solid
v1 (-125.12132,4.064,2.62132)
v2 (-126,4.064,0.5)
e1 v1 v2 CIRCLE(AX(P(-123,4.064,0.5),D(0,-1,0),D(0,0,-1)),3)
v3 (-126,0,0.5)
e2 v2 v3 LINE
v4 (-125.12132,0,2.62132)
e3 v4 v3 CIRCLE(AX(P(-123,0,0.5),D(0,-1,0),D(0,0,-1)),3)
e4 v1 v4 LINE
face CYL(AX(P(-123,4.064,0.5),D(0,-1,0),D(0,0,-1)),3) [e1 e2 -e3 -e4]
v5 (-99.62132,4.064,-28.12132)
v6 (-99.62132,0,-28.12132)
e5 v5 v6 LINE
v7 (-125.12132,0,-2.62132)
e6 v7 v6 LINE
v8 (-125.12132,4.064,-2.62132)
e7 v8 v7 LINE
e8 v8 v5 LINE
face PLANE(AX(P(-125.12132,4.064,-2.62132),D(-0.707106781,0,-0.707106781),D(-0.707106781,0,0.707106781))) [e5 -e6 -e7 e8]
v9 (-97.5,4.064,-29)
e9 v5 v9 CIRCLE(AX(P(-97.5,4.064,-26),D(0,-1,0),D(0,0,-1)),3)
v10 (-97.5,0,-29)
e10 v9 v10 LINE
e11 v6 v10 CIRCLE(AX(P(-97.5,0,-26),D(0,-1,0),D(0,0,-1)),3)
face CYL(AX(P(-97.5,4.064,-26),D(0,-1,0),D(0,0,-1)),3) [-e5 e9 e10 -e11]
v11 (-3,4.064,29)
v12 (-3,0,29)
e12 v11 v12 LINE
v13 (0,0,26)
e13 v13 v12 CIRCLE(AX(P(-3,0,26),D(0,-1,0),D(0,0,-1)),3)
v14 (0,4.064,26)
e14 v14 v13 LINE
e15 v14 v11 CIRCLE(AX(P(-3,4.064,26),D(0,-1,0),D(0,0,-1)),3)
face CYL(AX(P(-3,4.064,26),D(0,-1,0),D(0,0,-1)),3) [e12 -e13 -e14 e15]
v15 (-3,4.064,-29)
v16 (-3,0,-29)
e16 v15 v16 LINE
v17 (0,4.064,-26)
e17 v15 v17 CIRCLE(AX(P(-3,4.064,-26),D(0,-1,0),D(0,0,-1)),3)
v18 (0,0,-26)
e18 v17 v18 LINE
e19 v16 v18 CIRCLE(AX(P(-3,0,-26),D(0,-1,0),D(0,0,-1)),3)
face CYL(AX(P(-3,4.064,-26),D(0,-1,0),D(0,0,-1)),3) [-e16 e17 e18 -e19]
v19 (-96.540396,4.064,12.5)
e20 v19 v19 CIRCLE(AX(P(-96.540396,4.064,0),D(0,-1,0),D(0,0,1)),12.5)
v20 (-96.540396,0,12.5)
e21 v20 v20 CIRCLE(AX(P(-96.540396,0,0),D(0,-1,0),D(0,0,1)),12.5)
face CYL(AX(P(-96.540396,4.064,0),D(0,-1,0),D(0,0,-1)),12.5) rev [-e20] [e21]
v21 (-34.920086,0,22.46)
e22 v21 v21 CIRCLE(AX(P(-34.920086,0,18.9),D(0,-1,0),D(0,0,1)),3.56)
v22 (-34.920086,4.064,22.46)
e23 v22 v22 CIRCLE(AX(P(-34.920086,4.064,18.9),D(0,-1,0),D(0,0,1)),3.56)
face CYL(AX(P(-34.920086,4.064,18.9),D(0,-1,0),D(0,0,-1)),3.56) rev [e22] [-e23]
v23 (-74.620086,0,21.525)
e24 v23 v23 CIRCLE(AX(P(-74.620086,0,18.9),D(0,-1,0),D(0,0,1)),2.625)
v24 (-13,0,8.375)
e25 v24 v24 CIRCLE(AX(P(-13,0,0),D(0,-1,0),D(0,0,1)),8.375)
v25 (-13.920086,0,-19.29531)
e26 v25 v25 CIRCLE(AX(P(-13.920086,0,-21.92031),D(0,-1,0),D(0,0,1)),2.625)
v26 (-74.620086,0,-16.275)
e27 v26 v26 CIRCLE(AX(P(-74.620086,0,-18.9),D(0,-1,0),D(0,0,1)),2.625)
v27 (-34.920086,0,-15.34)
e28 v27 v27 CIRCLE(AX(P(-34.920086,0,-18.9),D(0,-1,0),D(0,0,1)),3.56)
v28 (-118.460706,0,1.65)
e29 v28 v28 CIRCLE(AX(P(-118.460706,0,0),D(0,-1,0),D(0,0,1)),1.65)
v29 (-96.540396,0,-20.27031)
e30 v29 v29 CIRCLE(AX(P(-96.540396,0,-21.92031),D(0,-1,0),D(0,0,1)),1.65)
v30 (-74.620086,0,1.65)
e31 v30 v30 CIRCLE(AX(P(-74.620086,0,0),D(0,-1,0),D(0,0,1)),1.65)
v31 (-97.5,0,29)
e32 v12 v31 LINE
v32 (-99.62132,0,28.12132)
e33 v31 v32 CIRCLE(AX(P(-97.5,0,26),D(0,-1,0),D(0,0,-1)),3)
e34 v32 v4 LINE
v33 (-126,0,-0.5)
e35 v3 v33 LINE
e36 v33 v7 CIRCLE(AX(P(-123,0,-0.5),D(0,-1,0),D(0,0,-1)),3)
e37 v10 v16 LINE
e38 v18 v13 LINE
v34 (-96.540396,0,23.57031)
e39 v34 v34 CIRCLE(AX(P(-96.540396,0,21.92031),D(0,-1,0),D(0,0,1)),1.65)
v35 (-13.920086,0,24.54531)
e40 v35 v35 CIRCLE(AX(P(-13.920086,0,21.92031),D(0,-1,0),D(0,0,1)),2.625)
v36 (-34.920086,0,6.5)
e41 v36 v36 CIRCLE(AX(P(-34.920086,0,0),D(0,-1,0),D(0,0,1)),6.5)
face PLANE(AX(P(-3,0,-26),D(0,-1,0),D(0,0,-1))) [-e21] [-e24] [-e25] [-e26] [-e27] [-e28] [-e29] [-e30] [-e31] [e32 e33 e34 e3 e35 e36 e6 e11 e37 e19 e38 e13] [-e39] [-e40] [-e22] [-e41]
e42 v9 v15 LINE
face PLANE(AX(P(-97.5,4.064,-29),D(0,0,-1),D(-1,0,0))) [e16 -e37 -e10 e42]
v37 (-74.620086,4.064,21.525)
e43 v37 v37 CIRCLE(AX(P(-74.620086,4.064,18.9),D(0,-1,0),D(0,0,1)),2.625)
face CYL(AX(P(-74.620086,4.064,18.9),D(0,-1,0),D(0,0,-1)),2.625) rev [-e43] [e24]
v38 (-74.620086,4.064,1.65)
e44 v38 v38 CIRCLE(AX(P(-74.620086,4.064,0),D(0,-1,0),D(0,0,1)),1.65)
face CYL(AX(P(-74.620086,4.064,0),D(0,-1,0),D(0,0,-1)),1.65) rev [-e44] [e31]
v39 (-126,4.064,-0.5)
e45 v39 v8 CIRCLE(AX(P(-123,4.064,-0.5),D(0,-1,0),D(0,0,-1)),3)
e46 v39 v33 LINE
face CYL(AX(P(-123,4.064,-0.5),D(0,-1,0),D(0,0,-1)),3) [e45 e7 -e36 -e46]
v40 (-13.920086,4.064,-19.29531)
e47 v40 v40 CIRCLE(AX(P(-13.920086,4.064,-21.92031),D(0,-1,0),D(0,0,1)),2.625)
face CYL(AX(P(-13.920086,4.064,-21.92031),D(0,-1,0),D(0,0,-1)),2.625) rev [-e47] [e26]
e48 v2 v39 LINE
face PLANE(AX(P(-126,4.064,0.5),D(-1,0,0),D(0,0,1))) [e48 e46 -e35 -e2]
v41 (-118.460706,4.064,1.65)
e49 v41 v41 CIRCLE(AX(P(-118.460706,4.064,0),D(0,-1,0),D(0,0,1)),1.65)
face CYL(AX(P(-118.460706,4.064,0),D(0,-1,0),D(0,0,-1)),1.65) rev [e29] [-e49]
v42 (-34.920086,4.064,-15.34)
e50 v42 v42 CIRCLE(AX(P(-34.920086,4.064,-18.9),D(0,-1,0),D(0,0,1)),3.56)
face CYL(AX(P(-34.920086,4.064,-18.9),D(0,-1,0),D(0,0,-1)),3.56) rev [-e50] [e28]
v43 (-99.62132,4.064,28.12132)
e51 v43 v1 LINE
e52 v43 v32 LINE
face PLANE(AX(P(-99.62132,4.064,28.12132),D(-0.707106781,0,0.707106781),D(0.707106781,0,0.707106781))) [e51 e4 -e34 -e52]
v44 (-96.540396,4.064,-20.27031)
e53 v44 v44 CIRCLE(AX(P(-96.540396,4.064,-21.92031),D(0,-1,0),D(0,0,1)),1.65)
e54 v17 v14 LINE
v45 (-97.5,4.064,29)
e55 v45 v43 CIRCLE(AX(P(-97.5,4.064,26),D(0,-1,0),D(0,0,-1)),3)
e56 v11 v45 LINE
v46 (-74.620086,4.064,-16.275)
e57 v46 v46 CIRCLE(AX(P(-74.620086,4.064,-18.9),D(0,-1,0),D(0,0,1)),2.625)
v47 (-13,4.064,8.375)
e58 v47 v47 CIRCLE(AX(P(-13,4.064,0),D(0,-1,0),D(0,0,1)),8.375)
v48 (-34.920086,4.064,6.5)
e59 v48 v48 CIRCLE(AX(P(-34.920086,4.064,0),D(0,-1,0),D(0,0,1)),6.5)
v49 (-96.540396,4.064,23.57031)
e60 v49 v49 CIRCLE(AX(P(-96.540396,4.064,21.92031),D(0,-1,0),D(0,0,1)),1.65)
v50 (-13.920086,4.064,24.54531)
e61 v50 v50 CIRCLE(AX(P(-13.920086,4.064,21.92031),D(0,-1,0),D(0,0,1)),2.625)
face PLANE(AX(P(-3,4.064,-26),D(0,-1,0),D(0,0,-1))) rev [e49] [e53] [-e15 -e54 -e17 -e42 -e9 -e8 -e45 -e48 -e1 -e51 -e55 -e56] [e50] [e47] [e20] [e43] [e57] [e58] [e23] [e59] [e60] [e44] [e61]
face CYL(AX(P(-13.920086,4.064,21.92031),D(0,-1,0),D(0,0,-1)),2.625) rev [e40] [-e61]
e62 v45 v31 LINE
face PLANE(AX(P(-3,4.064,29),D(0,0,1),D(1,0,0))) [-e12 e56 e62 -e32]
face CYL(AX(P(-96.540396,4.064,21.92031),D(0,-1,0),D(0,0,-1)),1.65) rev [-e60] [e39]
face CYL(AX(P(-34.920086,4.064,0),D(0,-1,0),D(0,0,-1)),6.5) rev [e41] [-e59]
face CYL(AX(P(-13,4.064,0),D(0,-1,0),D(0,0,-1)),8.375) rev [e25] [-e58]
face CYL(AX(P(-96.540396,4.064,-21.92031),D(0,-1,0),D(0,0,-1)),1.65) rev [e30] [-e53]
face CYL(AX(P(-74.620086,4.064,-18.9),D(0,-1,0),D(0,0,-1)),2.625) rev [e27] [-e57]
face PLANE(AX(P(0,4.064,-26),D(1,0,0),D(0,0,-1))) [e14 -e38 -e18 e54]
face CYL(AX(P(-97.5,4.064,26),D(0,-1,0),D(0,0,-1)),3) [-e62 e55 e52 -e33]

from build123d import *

# Parameters (mm, degrees)
SKETCH1_R           = 8.375
SKETCH1_R_2         = 3.56
SKETCH1_R_3         = 2.625
SKETCH1_R_4         = 12.5
SKETCH1_R_5         = 1.65
SKETCH1_R_6         = 6.5
BOSS_EXTRUDE1_DEPTH = 4.064


with BuildPart() as part:
    # Sketch1 → Boss-Extrude1 (new body)
    with BuildSketch(Plane.XZ):
        with BuildLine():
            Line((0, -26), (0, 26))
            ThreePointArc((0, 26), (-0.878679656, 28.121320344), (-3, 29))
            Line((-3, 29), (-97.5, 29))
            ThreePointArc((-97.5, 29), (-98.648050297, 28.771638598), (-99.621320344, 28.121320344))
            Line((-99.621320344, 28.121320344), (-125.121320344, 2.621320344))
            ThreePointArc((-125.121320344, 2.621320344), (-125.771638598, 1.648050297), (-126, 0.5))
            Line((-126, 0.5), (-126, -0.5))
            ThreePointArc((-126, -0.5), (-125.771638598, -1.648050297), (-125.121320344, -2.621320344))
            Line((-125.121320344, -2.621320344), (-99.621320344, -28.121320344))
            ThreePointArc((-99.621320344, -28.121320344), (-98.648050297, -28.771638598), (-97.5, -29))
            Line((-97.5, -29), (-3, -29))
            ThreePointArc((-3, -29), (-0.878679656, -28.121320344), (0, -26))
        make_face()
        with Locations((-13, 0)):
            Circle(SKETCH1_R, mode=Mode.SUBTRACT)
        with Locations((-34.92008574, 18.9)):
            Circle(SKETCH1_R_2, mode=Mode.SUBTRACT)
        with Locations((-74.62008574, 18.9)):
            Circle(SKETCH1_R_3, mode=Mode.SUBTRACT)
        with Locations((-34.92008574, -18.9)):
            Circle(SKETCH1_R_2, mode=Mode.SUBTRACT)
        with Locations((-74.62008574, -18.9)):
            Circle(SKETCH1_R_3, mode=Mode.SUBTRACT)
        with Locations((-96.540395956, 0)):
            Circle(SKETCH1_R_4, mode=Mode.SUBTRACT)
        with Locations((-74.62008574, 0)):
            Circle(SKETCH1_R_5, mode=Mode.SUBTRACT)
        with Locations((-118.460706173, 0)):
            Circle(SKETCH1_R_5, mode=Mode.SUBTRACT)
        with Locations((-96.540395956, -21.920310217)):
            Circle(SKETCH1_R_5, mode=Mode.SUBTRACT)
        with Locations((-96.540395956, 21.920310217)):
            Circle(SKETCH1_R_5, mode=Mode.SUBTRACT)
        with Locations((-13.92008574, 21.920310217)):
            Circle(SKETCH1_R_3, mode=Mode.SUBTRACT)
        with Locations((-13.92008574, -21.920310217)):
            Circle(SKETCH1_R_3, mode=Mode.SUBTRACT)
        with Locations((-34.92008574, 0)):
            Circle(SKETCH1_R_6, mode=Mode.SUBTRACT)
    extrude(amount=-BOSS_EXTRUDE1_DEPTH)


solid = part.part
